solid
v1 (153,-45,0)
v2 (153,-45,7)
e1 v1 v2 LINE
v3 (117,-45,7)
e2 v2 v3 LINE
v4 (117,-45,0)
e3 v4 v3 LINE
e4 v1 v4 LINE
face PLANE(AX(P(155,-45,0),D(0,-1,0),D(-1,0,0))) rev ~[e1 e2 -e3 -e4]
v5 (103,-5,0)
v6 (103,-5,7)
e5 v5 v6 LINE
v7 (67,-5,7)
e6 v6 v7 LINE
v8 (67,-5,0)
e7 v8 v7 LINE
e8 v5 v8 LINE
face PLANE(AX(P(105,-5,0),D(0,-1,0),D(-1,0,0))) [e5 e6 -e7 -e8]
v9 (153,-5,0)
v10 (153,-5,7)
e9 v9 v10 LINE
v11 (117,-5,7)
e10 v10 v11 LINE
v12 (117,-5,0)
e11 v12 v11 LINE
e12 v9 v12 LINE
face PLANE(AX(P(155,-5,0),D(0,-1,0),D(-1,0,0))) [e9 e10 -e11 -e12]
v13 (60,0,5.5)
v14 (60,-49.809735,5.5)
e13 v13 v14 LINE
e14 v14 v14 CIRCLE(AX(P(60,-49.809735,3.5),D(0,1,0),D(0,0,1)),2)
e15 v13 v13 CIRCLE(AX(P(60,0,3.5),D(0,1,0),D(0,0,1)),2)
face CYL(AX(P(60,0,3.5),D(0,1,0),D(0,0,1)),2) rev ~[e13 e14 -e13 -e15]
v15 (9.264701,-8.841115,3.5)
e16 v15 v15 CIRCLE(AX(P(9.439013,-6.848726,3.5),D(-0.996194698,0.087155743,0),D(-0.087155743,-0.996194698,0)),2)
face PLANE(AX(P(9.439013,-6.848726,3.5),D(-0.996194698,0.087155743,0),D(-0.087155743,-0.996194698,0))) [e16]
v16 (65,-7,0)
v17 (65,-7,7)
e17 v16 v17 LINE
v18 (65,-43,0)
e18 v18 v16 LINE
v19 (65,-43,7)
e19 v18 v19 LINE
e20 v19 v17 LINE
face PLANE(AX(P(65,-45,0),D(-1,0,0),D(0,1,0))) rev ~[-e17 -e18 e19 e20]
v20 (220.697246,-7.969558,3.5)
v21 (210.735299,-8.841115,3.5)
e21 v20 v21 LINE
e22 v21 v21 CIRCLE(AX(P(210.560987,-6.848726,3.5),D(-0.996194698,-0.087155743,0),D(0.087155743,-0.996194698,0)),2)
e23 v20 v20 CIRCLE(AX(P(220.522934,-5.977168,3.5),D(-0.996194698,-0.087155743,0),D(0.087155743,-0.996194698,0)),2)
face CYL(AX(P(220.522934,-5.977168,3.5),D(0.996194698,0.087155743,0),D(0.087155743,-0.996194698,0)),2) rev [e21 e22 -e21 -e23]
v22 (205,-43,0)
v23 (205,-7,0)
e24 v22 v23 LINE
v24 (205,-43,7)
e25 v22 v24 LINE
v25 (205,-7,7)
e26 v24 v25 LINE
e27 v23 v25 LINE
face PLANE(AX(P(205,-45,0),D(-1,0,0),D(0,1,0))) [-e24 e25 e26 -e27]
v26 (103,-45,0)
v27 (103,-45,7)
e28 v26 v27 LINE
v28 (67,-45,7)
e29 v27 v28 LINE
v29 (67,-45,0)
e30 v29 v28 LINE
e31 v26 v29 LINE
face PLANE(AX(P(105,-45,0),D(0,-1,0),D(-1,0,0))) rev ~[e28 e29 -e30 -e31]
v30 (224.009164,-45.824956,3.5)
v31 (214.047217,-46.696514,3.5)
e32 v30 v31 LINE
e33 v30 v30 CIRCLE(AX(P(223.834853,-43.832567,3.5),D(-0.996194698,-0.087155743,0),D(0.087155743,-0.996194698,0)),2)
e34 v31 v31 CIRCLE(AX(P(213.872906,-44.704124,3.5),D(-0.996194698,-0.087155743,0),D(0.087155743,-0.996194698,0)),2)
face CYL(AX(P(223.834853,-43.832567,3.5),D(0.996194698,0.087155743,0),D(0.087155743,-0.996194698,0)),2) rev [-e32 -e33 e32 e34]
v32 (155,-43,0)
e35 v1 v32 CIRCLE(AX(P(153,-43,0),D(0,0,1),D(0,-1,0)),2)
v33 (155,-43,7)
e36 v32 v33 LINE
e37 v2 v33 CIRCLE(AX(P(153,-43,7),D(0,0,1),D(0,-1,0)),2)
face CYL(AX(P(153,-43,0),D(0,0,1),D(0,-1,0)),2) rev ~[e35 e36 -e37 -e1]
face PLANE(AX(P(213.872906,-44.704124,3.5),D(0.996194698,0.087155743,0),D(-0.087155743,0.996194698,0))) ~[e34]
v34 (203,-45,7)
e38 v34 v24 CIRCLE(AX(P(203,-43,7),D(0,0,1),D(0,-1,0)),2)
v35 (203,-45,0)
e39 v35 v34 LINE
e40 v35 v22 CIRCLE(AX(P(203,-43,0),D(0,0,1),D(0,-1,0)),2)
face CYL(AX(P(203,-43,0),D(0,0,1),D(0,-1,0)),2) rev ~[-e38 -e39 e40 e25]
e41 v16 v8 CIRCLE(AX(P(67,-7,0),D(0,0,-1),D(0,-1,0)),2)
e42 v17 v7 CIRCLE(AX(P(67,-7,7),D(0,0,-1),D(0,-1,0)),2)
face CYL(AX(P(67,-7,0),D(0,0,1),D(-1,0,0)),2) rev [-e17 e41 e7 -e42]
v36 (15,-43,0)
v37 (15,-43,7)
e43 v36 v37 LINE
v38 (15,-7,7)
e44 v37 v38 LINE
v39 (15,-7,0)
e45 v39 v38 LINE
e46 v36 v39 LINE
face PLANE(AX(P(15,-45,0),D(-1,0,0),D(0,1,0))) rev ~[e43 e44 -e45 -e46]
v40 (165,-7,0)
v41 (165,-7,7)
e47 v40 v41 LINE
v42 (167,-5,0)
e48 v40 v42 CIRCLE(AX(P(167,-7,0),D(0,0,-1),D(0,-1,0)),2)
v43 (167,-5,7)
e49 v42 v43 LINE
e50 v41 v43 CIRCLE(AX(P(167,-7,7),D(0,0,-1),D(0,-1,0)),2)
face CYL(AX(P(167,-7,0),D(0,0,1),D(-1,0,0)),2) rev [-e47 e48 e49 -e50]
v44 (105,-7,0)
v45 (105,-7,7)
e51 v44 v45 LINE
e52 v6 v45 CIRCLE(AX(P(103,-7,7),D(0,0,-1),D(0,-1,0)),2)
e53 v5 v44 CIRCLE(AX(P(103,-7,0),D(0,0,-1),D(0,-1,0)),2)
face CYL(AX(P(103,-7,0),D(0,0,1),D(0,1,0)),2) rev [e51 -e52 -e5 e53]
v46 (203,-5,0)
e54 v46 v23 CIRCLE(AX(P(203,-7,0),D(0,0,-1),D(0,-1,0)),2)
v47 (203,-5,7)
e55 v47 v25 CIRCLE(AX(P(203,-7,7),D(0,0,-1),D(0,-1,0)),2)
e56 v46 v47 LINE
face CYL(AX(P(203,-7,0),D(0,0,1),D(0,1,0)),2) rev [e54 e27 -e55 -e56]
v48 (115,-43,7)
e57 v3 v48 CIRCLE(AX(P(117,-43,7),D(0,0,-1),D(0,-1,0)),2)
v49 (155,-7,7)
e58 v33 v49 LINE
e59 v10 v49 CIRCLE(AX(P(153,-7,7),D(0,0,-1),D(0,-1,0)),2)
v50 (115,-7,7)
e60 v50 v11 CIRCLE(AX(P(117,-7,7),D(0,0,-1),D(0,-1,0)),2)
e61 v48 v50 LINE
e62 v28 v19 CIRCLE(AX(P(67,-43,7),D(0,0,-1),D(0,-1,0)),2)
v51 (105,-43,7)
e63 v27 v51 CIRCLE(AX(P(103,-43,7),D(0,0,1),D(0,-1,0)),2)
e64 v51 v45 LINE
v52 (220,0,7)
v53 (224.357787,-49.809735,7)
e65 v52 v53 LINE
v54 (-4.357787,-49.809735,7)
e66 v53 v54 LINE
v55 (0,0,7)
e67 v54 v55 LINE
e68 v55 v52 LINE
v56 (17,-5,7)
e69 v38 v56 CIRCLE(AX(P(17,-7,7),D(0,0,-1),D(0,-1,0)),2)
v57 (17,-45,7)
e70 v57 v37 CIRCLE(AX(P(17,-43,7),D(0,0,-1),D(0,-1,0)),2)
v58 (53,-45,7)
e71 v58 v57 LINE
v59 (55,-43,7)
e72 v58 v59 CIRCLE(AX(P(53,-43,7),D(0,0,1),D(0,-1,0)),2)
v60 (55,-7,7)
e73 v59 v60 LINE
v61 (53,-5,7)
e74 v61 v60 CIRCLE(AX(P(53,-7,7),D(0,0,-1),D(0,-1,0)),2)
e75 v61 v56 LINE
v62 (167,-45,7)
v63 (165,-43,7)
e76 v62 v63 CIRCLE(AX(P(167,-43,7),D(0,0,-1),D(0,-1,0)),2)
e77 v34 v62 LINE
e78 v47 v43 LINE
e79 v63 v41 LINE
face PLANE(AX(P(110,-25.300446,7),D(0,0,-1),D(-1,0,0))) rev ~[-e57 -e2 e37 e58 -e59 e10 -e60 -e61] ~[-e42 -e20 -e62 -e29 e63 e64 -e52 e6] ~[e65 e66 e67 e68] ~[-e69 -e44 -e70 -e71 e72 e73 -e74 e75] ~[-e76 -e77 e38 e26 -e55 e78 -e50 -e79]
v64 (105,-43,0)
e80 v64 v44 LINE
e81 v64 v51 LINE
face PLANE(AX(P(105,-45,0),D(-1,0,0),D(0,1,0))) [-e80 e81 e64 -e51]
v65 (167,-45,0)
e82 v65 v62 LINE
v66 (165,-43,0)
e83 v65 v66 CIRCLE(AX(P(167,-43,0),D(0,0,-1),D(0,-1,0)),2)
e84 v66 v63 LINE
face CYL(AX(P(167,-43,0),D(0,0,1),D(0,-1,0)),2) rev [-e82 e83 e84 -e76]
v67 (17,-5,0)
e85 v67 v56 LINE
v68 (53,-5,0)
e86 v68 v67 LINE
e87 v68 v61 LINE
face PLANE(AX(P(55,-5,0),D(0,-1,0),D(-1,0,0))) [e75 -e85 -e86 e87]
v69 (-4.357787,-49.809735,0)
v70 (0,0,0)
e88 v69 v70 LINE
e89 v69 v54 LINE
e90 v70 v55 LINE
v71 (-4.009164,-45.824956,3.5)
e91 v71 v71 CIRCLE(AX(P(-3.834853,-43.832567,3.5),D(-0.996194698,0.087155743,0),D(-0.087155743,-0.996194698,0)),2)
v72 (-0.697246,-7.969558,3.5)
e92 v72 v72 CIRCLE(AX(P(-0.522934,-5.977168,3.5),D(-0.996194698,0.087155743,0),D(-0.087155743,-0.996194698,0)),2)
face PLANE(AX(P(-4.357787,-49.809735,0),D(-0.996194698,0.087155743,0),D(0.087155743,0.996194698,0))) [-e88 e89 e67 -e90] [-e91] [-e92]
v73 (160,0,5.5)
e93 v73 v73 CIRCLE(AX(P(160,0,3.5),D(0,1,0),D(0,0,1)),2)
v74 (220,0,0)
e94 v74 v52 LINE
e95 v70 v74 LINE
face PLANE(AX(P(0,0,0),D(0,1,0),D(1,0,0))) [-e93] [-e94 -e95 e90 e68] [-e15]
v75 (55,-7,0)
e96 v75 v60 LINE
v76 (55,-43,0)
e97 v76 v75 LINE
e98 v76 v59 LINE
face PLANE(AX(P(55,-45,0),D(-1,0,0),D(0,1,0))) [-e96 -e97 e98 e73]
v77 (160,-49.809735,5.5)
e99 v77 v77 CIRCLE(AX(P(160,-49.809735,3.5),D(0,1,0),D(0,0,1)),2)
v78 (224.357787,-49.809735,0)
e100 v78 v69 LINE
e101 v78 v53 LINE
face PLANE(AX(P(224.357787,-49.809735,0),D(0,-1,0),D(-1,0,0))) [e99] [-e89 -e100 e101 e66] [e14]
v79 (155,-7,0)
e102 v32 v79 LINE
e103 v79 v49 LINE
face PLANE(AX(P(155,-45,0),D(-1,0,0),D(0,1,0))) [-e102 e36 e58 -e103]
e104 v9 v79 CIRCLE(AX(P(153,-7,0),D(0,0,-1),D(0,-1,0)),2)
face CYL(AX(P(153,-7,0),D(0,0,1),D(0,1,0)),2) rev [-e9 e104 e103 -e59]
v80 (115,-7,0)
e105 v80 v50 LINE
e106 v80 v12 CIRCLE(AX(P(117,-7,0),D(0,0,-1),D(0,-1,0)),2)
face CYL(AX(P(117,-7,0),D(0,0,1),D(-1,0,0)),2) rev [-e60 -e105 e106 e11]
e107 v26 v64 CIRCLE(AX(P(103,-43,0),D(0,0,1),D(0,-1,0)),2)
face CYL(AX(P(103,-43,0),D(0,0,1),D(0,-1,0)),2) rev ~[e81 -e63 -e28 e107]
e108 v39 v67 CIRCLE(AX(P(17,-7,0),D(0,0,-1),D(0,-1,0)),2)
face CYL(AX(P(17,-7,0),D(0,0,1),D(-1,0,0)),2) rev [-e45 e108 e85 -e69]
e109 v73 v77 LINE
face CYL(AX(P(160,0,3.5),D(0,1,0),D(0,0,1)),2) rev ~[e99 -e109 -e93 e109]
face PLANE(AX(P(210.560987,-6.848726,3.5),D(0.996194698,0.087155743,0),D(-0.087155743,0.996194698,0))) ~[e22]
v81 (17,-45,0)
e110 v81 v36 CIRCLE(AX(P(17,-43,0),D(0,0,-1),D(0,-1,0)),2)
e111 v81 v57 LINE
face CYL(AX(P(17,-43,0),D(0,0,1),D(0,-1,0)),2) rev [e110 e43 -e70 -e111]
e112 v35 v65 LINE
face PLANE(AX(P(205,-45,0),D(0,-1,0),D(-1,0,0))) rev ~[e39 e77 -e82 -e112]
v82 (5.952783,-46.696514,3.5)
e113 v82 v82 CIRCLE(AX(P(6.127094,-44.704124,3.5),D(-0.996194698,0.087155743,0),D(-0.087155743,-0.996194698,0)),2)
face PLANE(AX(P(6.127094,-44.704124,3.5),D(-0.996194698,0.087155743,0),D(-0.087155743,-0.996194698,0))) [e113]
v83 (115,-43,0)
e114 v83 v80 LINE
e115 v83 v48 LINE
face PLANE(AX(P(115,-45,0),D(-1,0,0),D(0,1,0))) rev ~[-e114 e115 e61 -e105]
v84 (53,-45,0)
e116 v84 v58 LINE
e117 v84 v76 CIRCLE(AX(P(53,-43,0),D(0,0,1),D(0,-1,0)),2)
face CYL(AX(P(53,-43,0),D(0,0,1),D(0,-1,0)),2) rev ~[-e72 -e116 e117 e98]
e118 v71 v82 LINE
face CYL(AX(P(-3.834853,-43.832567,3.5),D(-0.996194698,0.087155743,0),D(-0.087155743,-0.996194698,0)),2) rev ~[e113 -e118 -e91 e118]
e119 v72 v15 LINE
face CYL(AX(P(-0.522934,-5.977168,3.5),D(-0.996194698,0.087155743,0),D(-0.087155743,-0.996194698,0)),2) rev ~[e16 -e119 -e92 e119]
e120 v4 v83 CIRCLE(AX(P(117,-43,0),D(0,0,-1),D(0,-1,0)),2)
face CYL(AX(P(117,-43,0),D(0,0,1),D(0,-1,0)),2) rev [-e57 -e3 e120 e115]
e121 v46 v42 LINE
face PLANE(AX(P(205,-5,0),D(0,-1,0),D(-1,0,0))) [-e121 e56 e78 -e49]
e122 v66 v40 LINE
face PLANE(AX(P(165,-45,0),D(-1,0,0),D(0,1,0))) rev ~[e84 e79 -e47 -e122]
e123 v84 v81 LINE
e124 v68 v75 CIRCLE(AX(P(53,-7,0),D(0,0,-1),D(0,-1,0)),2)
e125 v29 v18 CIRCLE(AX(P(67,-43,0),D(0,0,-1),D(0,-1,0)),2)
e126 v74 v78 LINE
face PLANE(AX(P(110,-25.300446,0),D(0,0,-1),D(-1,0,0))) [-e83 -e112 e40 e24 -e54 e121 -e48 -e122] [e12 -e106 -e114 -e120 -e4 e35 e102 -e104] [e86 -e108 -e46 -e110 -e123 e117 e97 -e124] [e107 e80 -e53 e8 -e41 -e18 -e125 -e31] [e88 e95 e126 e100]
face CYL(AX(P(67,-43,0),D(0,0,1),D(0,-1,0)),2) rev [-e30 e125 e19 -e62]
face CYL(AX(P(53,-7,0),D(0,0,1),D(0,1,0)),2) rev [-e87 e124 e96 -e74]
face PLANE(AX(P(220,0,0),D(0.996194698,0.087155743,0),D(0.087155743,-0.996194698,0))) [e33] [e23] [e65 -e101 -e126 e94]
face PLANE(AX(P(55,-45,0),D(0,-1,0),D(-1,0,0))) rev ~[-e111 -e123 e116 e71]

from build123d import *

# Parameters (mm, degrees)
EXTRUDE_1_DEPTH     = 7
SKETCH_2_R          = 2
CUT_EXTRUDE_1_DEPTH = 10
SKETCH_3_W          = 40
SKETCH_3_H          = 40
CUT_EXTRUDE_2_DEPTH = 7
FILLET_1_R          = 2
FILLET_2_R          = 2
SKETCH_4_R          = 2
CUT_EXTRUDE_3_DEPTH = 90


with BuildPart() as part:
    # 草图1 → 凸台-拉伸1 (new body)
    with BuildSketch(Plane.XY):
        Polygon((0, 0), (220, 0), (224.357787137, -49.809734905), (-4.357787137, -49.809734905), align=None)
    extrude(amount=EXTRUDE_1_DEPTH)

    # 草图2 → 切除-拉伸1 (cut)
    with BuildSketch(Plane(origin=(0, 0, 0), x_dir=(0, 0, 1), z_dir=(-0.9961946980917453, 0.08715574274766177, 0))):
        with Locations(Location((3.5, -6, 0), (0, 0, 270))):
            Circle(SKETCH_2_R)
        with Locations(Location((3.5, -44, 0), (0, 0, 270))):
            Circle(SKETCH_2_R)
    cut_extrude_1 = extrude(amount=-CUT_EXTRUDE_1_DEPTH, mode=Mode.SUBTRACT)

    # 镜向1: 切除-拉伸1 across plane
    add(cut_extrude_1.mirror(Plane(origin=(110, 0, 0), x_dir=(0, 0, 1), z_dir=(1, 0, 0))), mode=Mode.SUBTRACT)

    # 草图3 → 切除-拉伸2 (cut)
    with BuildSketch(Plane(origin=(0, 0, 0), x_dir=(-1, 0, 0), z_dir=(0, 0, -1))):
        with Locations((-185, -25)):
            Rectangle(SKETCH_3_W, SKETCH_3_H)
        with Locations((-135, -25)):
            Rectangle(SKETCH_3_W, SKETCH_3_H)
        with Locations((-35, -25)):
            Rectangle(SKETCH_3_W, SKETCH_3_H)
        with Locations((-85, -25)):
            Rectangle(SKETCH_3_W, SKETCH_3_H)
    extrude(amount=-CUT_EXTRUDE_2_DEPTH, mode=Mode.SUBTRACT)

    # 圆角1
    fillet_1_edges = [part.edges().sort_by_distance(p)[0] for p in [
        (205, -45, 3.5),
        (205, -5, 3.5),
        (165, -5, 3.5),
        (165, -45, 3.5),
        (115, -45, 3.5),
        (155, -45, 3.5),
        (155, -5, 3.5),
        (115, -5, 3.5),
    ]]
    fillet(fillet_1_edges, radius=FILLET_1_R)

    # 圆角2
    fillet_2_edges = [part.edges().sort_by_distance(p)[0] for p in [
        (15, -5, 3.5),
        (15, -45, 3.5),
        (55, -45, 3.5),
        (55, -5, 3.5),
        (65, -45, 3.5),
        (105, -45, 3.5),
        (105, -5, 3.5),
        (65, -5, 3.5),
    ]]
    fillet(fillet_2_edges, radius=FILLET_2_R)

    # 草图4 → 切除-拉伸3 (cut)
    with BuildSketch(Plane(origin=(0, 0, 0), x_dir=(1, 0, 0), z_dir=(0, 1, 0))):
        with Locations(Location((60, -3.5, 0), (0, 0, 270))):
            Circle(SKETCH_4_R)
        with Locations(Location((160, -3.5, 0), (0, 0, 270))):
            Circle(SKETCH_4_R)
    extrude(amount=-CUT_EXTRUDE_3_DEPTH, mode=Mode.SUBTRACT)


solid = part.part
